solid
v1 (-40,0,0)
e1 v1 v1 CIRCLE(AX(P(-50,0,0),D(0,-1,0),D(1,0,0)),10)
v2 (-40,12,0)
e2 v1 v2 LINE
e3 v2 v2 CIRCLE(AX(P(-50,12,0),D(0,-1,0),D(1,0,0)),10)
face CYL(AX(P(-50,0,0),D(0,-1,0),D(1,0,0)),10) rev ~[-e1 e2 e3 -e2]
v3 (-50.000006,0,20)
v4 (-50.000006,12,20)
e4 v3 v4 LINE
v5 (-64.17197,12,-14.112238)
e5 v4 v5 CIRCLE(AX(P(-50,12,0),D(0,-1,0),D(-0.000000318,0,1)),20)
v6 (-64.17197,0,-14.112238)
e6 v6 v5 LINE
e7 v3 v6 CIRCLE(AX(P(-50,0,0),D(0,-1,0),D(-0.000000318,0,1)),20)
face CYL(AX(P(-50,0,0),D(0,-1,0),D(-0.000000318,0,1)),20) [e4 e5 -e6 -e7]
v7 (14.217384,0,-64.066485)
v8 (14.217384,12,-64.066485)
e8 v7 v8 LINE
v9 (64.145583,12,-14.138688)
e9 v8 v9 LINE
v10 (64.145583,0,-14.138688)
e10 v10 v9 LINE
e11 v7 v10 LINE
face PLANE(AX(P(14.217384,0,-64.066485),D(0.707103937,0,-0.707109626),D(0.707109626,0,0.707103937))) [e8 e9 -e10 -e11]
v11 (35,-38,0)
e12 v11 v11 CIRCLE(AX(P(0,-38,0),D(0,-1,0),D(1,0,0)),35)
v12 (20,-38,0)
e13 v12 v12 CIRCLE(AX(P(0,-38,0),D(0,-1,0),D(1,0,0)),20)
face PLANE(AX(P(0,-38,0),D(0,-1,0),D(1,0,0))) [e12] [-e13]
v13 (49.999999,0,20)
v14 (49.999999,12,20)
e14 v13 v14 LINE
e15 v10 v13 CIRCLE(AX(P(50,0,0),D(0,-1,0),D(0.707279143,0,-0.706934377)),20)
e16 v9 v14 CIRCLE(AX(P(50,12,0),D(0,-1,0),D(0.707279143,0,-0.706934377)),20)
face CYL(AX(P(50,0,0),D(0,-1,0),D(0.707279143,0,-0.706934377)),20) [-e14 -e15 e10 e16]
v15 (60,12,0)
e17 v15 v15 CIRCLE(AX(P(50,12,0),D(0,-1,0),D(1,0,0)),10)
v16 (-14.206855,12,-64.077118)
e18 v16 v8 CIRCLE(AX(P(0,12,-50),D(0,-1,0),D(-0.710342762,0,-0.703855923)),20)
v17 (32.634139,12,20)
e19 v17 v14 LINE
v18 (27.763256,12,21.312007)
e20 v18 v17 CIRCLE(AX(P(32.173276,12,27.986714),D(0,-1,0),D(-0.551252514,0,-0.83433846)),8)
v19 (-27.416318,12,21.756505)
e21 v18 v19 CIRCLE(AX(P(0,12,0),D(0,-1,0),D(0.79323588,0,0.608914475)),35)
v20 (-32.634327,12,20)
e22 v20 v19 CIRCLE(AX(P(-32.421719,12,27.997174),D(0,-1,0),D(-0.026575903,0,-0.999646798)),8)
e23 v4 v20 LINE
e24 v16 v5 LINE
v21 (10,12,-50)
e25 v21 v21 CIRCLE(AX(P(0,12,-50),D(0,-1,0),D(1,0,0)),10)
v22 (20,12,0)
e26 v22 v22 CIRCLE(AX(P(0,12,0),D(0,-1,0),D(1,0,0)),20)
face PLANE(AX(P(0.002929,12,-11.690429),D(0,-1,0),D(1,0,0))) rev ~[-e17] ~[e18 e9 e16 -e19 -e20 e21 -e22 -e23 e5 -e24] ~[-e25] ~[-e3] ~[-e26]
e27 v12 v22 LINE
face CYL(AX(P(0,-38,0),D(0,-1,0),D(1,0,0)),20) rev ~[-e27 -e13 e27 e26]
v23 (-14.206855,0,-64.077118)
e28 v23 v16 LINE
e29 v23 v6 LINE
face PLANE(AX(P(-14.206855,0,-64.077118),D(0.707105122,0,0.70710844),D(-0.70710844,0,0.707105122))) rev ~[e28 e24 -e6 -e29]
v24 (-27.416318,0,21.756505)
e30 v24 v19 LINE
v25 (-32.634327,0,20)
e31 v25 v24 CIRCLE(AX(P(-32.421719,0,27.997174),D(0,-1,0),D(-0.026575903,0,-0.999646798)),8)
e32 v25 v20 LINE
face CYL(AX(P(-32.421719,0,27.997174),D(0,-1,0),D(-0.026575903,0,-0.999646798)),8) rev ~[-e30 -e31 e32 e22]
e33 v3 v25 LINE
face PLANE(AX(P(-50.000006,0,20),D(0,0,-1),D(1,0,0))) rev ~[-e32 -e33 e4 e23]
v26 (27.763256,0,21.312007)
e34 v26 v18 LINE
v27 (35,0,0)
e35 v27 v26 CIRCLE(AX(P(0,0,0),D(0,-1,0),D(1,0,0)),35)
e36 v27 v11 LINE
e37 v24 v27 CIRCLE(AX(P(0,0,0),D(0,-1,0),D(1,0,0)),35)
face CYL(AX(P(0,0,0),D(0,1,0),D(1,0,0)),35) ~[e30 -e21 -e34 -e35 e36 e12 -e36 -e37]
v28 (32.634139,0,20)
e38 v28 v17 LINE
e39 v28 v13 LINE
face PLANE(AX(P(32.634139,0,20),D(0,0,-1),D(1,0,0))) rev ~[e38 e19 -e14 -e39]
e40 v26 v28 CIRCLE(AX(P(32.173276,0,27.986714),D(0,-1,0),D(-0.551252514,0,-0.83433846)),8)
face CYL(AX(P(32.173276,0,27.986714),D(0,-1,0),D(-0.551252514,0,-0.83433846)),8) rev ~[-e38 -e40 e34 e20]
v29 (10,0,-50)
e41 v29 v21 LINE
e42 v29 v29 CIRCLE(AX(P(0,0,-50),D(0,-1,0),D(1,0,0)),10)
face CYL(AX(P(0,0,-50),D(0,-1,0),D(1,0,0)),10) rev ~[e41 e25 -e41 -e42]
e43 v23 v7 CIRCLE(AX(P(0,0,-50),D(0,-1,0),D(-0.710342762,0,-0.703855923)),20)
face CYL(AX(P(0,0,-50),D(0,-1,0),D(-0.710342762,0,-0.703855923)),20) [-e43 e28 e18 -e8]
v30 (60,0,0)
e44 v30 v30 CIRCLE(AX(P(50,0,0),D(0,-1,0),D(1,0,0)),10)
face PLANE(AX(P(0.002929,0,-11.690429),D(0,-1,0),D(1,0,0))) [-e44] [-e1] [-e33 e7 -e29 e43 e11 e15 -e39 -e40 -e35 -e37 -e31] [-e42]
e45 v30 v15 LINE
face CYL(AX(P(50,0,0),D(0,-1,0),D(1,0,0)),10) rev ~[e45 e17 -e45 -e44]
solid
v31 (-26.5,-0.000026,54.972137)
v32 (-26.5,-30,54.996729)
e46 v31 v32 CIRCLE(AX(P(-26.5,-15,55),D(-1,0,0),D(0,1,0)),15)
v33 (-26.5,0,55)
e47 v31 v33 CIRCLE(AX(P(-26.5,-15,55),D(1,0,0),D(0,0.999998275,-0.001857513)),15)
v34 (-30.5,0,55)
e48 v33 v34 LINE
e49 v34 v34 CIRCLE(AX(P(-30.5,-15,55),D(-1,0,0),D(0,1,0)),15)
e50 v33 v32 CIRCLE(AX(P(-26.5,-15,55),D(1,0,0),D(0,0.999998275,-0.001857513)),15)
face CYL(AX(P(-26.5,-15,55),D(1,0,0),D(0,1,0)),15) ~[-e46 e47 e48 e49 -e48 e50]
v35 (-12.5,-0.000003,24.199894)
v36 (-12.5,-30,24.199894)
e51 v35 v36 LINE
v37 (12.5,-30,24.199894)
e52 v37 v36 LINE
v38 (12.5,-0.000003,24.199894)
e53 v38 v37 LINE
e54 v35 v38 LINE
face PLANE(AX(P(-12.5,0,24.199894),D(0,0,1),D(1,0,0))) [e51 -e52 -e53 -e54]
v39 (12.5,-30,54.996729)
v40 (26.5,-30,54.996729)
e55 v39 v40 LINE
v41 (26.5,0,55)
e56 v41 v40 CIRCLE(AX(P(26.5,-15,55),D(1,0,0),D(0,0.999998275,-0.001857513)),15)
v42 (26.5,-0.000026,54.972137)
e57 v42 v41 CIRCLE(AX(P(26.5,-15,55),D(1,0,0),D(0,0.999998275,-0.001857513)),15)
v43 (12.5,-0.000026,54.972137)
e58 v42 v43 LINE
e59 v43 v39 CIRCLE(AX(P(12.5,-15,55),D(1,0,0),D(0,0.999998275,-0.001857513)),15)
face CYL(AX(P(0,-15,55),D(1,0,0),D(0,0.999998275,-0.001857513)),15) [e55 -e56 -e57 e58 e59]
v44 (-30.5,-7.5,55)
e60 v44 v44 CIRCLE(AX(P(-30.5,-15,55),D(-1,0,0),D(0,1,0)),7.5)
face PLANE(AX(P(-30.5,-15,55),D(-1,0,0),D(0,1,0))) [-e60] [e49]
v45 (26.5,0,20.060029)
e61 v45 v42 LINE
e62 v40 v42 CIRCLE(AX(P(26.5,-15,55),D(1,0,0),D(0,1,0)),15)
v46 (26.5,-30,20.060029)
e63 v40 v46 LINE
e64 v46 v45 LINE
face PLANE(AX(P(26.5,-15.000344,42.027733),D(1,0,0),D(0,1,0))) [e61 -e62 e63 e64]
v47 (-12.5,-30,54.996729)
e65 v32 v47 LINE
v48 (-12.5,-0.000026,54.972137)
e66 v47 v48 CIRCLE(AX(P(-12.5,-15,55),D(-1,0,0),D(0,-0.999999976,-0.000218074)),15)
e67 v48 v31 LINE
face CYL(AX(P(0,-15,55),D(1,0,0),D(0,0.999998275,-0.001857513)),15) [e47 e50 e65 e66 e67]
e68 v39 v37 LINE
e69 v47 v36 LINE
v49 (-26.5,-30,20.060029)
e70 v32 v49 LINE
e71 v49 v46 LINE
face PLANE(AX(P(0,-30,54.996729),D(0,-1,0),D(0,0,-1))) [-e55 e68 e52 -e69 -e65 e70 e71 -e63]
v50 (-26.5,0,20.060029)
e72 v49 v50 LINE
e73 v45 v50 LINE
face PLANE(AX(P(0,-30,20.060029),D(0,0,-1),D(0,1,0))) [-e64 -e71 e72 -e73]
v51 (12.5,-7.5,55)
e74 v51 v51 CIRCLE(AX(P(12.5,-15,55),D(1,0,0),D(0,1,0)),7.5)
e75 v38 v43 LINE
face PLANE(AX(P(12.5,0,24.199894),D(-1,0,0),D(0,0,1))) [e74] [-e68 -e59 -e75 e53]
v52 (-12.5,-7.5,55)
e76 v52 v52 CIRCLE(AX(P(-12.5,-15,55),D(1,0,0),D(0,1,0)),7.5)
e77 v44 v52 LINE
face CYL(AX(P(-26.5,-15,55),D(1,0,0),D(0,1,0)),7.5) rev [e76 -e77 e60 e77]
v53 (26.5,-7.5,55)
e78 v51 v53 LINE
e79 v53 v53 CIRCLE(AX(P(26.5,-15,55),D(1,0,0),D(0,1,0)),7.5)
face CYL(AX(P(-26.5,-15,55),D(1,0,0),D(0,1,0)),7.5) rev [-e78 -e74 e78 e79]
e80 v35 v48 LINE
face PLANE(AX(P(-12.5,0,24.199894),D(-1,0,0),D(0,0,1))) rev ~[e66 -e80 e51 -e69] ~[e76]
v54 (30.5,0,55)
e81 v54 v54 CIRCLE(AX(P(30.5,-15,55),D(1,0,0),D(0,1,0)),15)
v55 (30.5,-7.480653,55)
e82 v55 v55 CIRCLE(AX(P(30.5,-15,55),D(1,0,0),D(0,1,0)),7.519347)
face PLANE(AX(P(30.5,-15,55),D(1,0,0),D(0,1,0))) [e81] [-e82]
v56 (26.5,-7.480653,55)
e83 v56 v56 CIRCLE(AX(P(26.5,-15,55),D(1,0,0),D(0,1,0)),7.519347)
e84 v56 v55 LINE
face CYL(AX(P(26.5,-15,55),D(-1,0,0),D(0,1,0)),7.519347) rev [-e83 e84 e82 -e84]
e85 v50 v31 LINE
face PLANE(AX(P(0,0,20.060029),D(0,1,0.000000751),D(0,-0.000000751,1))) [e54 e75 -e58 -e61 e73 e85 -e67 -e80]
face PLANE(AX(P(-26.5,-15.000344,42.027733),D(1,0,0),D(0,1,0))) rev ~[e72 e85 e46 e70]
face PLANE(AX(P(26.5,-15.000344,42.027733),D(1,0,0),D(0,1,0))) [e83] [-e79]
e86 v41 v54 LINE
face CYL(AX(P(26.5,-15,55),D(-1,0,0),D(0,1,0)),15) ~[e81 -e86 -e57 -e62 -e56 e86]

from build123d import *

# Parameters (mm, degrees)
SKETCH_R      = 10
PAD_DEPTH     = 12
SKETCH001_R   = 35
PAD001_DEPTH  = 38
SKETCH002_R   = 20
POCKET_DEPTH  = 50.0010001001
SKETCH007_W   = 25
SKETCH007_H   = 67.86781
PAD005_DEPTH  = 35
SKETCH003_R   = 7.5
PAD002_DEPTH  = 26.5
SKETCH004_R   = 15
SKETCH004_R_2 = 7.519347
PAD003_DEPTH  = 4
SKETCH005_R   = 15
SKETCH005_R_2 = 7.5
PAD004_DEPTH  = 4


with BuildPart() as pocket:
    # Sketch → Pad (new body)
    with BuildSketch(Plane.XZ):
        with BuildLine():
            ThreePointArc((64.1455828599, -14.1386875471), (68.4766574692, 7.6559211573), (49.9999994008, 20))
            Line((32.6341387324, 20), (49.9999994008, 20))
            ThreePointArc((27.7632558123, 21.3120066325), (30.0925786366, 20.2620331658), (32.6341387324, 20))
            ThreePointArc((27.7632558123, 21.3120066325), (0.2819327298, 34.9988644664), (-27.4163181857, 21.7565047087))
            ThreePointArc((-32.6343266922, 20), (-29.8694565663, 20.4152251587), (-27.4163181857, 21.7565047087))
            Line((-50.0000063638, 20), (-32.6343266922, 20))
            ThreePointArc((-50.0000063638, 20), (-68.4694998513, 7.6731724367), (-64.1719702082, -14.1122379663))
            Line((-14.2068552394, -64.0771184625), (-64.1719702082, -14.1122379663))
            ThreePointArc((-14.2068552394, -64.0771184625), (0.00748211, -69.9999986005), (14.2173839169, -64.0664847975))
            Line((14.2173839169, -64.0664847975), (64.1455828599, -14.1386875471))
        make_face()
        with Locations((-50, 0)):
            Circle(SKETCH_R, mode=Mode.SUBTRACT)
        with Locations((50, 0)):
            Circle(SKETCH_R, mode=Mode.SUBTRACT)
        with Locations((0, -50)):
            Circle(SKETCH_R, mode=Mode.SUBTRACT)
    extrude(amount=-PAD_DEPTH)

    # Sketch001 → Pad001 (new body)
    with BuildSketch(Plane.XZ):
        Circle(SKETCH001_R)
    extrude(amount=PAD001_DEPTH)

    # Sketch002 → Pocket (cut, through all)
    with BuildSketch(Plane.XZ.offset(38)):
        Circle(SKETCH002_R)
    extrude(amount=-POCKET_DEPTH, mode=Mode.SUBTRACT)


with BuildPart() as pad005:
    # Sketch007 → Pad005 (new body)
    with BuildSketch(Plane.XZ):
        with Locations((0, 58.133799)):
            Rectangle(SKETCH007_W, SKETCH007_H)
    extrude(amount=PAD005_DEPTH)


with BuildPart() as cut:
    # Sketch003 → Pad002 (new body, symmetric)
    with BuildSketch(Plane.YZ):
        with BuildLine():
            ThreePointArc((-2.58777e-05, 54.9721373105), (-14.9877042055, 69.9999949604), (-29.9999996433, 54.9967288863))
            Line((-29.9999996433, 54.9967288863), (-29.9999996433, 20.060029))
            Line((-29.9999996433, 20.060029), (3.567e-07, 20.060029))
            Line((3.567e-07, 20.060029), (-2.58777e-05, 54.9721373105))
        make_face()
        with Locations((-15, 55)):
            Circle(SKETCH003_R, mode=Mode.SUBTRACT)
    extrude(amount=PAD002_DEPTH, both=True)

    # Sketch004 → Pad003 (new body)
    with BuildSketch(Plane.YZ.offset(26.5)):
        with Locations((-15, 55)):
            Circle(SKETCH004_R)
        with Locations((-15, 55)):
            Circle(SKETCH004_R_2, mode=Mode.SUBTRACT)
    extrude(amount=PAD003_DEPTH)

    # Sketch005 → Pad004 (new body)
    with BuildSketch(Plane(origin=(-26.5, 0, 0), x_dir=(0, 1, 0), z_dir=(-1, 0, 0))):
        with Locations((-15, -55)):
            Circle(SKETCH005_R)
        with Locations((-15, -55)):
            Circle(SKETCH005_R_2, mode=Mode.SUBTRACT)
    extrude(amount=PAD004_DEPTH)

    # Cut: cut Pad005
    add(pad005.part, mode=Mode.SUBTRACT)


solid = Compound([pocket.part, cut.part])
